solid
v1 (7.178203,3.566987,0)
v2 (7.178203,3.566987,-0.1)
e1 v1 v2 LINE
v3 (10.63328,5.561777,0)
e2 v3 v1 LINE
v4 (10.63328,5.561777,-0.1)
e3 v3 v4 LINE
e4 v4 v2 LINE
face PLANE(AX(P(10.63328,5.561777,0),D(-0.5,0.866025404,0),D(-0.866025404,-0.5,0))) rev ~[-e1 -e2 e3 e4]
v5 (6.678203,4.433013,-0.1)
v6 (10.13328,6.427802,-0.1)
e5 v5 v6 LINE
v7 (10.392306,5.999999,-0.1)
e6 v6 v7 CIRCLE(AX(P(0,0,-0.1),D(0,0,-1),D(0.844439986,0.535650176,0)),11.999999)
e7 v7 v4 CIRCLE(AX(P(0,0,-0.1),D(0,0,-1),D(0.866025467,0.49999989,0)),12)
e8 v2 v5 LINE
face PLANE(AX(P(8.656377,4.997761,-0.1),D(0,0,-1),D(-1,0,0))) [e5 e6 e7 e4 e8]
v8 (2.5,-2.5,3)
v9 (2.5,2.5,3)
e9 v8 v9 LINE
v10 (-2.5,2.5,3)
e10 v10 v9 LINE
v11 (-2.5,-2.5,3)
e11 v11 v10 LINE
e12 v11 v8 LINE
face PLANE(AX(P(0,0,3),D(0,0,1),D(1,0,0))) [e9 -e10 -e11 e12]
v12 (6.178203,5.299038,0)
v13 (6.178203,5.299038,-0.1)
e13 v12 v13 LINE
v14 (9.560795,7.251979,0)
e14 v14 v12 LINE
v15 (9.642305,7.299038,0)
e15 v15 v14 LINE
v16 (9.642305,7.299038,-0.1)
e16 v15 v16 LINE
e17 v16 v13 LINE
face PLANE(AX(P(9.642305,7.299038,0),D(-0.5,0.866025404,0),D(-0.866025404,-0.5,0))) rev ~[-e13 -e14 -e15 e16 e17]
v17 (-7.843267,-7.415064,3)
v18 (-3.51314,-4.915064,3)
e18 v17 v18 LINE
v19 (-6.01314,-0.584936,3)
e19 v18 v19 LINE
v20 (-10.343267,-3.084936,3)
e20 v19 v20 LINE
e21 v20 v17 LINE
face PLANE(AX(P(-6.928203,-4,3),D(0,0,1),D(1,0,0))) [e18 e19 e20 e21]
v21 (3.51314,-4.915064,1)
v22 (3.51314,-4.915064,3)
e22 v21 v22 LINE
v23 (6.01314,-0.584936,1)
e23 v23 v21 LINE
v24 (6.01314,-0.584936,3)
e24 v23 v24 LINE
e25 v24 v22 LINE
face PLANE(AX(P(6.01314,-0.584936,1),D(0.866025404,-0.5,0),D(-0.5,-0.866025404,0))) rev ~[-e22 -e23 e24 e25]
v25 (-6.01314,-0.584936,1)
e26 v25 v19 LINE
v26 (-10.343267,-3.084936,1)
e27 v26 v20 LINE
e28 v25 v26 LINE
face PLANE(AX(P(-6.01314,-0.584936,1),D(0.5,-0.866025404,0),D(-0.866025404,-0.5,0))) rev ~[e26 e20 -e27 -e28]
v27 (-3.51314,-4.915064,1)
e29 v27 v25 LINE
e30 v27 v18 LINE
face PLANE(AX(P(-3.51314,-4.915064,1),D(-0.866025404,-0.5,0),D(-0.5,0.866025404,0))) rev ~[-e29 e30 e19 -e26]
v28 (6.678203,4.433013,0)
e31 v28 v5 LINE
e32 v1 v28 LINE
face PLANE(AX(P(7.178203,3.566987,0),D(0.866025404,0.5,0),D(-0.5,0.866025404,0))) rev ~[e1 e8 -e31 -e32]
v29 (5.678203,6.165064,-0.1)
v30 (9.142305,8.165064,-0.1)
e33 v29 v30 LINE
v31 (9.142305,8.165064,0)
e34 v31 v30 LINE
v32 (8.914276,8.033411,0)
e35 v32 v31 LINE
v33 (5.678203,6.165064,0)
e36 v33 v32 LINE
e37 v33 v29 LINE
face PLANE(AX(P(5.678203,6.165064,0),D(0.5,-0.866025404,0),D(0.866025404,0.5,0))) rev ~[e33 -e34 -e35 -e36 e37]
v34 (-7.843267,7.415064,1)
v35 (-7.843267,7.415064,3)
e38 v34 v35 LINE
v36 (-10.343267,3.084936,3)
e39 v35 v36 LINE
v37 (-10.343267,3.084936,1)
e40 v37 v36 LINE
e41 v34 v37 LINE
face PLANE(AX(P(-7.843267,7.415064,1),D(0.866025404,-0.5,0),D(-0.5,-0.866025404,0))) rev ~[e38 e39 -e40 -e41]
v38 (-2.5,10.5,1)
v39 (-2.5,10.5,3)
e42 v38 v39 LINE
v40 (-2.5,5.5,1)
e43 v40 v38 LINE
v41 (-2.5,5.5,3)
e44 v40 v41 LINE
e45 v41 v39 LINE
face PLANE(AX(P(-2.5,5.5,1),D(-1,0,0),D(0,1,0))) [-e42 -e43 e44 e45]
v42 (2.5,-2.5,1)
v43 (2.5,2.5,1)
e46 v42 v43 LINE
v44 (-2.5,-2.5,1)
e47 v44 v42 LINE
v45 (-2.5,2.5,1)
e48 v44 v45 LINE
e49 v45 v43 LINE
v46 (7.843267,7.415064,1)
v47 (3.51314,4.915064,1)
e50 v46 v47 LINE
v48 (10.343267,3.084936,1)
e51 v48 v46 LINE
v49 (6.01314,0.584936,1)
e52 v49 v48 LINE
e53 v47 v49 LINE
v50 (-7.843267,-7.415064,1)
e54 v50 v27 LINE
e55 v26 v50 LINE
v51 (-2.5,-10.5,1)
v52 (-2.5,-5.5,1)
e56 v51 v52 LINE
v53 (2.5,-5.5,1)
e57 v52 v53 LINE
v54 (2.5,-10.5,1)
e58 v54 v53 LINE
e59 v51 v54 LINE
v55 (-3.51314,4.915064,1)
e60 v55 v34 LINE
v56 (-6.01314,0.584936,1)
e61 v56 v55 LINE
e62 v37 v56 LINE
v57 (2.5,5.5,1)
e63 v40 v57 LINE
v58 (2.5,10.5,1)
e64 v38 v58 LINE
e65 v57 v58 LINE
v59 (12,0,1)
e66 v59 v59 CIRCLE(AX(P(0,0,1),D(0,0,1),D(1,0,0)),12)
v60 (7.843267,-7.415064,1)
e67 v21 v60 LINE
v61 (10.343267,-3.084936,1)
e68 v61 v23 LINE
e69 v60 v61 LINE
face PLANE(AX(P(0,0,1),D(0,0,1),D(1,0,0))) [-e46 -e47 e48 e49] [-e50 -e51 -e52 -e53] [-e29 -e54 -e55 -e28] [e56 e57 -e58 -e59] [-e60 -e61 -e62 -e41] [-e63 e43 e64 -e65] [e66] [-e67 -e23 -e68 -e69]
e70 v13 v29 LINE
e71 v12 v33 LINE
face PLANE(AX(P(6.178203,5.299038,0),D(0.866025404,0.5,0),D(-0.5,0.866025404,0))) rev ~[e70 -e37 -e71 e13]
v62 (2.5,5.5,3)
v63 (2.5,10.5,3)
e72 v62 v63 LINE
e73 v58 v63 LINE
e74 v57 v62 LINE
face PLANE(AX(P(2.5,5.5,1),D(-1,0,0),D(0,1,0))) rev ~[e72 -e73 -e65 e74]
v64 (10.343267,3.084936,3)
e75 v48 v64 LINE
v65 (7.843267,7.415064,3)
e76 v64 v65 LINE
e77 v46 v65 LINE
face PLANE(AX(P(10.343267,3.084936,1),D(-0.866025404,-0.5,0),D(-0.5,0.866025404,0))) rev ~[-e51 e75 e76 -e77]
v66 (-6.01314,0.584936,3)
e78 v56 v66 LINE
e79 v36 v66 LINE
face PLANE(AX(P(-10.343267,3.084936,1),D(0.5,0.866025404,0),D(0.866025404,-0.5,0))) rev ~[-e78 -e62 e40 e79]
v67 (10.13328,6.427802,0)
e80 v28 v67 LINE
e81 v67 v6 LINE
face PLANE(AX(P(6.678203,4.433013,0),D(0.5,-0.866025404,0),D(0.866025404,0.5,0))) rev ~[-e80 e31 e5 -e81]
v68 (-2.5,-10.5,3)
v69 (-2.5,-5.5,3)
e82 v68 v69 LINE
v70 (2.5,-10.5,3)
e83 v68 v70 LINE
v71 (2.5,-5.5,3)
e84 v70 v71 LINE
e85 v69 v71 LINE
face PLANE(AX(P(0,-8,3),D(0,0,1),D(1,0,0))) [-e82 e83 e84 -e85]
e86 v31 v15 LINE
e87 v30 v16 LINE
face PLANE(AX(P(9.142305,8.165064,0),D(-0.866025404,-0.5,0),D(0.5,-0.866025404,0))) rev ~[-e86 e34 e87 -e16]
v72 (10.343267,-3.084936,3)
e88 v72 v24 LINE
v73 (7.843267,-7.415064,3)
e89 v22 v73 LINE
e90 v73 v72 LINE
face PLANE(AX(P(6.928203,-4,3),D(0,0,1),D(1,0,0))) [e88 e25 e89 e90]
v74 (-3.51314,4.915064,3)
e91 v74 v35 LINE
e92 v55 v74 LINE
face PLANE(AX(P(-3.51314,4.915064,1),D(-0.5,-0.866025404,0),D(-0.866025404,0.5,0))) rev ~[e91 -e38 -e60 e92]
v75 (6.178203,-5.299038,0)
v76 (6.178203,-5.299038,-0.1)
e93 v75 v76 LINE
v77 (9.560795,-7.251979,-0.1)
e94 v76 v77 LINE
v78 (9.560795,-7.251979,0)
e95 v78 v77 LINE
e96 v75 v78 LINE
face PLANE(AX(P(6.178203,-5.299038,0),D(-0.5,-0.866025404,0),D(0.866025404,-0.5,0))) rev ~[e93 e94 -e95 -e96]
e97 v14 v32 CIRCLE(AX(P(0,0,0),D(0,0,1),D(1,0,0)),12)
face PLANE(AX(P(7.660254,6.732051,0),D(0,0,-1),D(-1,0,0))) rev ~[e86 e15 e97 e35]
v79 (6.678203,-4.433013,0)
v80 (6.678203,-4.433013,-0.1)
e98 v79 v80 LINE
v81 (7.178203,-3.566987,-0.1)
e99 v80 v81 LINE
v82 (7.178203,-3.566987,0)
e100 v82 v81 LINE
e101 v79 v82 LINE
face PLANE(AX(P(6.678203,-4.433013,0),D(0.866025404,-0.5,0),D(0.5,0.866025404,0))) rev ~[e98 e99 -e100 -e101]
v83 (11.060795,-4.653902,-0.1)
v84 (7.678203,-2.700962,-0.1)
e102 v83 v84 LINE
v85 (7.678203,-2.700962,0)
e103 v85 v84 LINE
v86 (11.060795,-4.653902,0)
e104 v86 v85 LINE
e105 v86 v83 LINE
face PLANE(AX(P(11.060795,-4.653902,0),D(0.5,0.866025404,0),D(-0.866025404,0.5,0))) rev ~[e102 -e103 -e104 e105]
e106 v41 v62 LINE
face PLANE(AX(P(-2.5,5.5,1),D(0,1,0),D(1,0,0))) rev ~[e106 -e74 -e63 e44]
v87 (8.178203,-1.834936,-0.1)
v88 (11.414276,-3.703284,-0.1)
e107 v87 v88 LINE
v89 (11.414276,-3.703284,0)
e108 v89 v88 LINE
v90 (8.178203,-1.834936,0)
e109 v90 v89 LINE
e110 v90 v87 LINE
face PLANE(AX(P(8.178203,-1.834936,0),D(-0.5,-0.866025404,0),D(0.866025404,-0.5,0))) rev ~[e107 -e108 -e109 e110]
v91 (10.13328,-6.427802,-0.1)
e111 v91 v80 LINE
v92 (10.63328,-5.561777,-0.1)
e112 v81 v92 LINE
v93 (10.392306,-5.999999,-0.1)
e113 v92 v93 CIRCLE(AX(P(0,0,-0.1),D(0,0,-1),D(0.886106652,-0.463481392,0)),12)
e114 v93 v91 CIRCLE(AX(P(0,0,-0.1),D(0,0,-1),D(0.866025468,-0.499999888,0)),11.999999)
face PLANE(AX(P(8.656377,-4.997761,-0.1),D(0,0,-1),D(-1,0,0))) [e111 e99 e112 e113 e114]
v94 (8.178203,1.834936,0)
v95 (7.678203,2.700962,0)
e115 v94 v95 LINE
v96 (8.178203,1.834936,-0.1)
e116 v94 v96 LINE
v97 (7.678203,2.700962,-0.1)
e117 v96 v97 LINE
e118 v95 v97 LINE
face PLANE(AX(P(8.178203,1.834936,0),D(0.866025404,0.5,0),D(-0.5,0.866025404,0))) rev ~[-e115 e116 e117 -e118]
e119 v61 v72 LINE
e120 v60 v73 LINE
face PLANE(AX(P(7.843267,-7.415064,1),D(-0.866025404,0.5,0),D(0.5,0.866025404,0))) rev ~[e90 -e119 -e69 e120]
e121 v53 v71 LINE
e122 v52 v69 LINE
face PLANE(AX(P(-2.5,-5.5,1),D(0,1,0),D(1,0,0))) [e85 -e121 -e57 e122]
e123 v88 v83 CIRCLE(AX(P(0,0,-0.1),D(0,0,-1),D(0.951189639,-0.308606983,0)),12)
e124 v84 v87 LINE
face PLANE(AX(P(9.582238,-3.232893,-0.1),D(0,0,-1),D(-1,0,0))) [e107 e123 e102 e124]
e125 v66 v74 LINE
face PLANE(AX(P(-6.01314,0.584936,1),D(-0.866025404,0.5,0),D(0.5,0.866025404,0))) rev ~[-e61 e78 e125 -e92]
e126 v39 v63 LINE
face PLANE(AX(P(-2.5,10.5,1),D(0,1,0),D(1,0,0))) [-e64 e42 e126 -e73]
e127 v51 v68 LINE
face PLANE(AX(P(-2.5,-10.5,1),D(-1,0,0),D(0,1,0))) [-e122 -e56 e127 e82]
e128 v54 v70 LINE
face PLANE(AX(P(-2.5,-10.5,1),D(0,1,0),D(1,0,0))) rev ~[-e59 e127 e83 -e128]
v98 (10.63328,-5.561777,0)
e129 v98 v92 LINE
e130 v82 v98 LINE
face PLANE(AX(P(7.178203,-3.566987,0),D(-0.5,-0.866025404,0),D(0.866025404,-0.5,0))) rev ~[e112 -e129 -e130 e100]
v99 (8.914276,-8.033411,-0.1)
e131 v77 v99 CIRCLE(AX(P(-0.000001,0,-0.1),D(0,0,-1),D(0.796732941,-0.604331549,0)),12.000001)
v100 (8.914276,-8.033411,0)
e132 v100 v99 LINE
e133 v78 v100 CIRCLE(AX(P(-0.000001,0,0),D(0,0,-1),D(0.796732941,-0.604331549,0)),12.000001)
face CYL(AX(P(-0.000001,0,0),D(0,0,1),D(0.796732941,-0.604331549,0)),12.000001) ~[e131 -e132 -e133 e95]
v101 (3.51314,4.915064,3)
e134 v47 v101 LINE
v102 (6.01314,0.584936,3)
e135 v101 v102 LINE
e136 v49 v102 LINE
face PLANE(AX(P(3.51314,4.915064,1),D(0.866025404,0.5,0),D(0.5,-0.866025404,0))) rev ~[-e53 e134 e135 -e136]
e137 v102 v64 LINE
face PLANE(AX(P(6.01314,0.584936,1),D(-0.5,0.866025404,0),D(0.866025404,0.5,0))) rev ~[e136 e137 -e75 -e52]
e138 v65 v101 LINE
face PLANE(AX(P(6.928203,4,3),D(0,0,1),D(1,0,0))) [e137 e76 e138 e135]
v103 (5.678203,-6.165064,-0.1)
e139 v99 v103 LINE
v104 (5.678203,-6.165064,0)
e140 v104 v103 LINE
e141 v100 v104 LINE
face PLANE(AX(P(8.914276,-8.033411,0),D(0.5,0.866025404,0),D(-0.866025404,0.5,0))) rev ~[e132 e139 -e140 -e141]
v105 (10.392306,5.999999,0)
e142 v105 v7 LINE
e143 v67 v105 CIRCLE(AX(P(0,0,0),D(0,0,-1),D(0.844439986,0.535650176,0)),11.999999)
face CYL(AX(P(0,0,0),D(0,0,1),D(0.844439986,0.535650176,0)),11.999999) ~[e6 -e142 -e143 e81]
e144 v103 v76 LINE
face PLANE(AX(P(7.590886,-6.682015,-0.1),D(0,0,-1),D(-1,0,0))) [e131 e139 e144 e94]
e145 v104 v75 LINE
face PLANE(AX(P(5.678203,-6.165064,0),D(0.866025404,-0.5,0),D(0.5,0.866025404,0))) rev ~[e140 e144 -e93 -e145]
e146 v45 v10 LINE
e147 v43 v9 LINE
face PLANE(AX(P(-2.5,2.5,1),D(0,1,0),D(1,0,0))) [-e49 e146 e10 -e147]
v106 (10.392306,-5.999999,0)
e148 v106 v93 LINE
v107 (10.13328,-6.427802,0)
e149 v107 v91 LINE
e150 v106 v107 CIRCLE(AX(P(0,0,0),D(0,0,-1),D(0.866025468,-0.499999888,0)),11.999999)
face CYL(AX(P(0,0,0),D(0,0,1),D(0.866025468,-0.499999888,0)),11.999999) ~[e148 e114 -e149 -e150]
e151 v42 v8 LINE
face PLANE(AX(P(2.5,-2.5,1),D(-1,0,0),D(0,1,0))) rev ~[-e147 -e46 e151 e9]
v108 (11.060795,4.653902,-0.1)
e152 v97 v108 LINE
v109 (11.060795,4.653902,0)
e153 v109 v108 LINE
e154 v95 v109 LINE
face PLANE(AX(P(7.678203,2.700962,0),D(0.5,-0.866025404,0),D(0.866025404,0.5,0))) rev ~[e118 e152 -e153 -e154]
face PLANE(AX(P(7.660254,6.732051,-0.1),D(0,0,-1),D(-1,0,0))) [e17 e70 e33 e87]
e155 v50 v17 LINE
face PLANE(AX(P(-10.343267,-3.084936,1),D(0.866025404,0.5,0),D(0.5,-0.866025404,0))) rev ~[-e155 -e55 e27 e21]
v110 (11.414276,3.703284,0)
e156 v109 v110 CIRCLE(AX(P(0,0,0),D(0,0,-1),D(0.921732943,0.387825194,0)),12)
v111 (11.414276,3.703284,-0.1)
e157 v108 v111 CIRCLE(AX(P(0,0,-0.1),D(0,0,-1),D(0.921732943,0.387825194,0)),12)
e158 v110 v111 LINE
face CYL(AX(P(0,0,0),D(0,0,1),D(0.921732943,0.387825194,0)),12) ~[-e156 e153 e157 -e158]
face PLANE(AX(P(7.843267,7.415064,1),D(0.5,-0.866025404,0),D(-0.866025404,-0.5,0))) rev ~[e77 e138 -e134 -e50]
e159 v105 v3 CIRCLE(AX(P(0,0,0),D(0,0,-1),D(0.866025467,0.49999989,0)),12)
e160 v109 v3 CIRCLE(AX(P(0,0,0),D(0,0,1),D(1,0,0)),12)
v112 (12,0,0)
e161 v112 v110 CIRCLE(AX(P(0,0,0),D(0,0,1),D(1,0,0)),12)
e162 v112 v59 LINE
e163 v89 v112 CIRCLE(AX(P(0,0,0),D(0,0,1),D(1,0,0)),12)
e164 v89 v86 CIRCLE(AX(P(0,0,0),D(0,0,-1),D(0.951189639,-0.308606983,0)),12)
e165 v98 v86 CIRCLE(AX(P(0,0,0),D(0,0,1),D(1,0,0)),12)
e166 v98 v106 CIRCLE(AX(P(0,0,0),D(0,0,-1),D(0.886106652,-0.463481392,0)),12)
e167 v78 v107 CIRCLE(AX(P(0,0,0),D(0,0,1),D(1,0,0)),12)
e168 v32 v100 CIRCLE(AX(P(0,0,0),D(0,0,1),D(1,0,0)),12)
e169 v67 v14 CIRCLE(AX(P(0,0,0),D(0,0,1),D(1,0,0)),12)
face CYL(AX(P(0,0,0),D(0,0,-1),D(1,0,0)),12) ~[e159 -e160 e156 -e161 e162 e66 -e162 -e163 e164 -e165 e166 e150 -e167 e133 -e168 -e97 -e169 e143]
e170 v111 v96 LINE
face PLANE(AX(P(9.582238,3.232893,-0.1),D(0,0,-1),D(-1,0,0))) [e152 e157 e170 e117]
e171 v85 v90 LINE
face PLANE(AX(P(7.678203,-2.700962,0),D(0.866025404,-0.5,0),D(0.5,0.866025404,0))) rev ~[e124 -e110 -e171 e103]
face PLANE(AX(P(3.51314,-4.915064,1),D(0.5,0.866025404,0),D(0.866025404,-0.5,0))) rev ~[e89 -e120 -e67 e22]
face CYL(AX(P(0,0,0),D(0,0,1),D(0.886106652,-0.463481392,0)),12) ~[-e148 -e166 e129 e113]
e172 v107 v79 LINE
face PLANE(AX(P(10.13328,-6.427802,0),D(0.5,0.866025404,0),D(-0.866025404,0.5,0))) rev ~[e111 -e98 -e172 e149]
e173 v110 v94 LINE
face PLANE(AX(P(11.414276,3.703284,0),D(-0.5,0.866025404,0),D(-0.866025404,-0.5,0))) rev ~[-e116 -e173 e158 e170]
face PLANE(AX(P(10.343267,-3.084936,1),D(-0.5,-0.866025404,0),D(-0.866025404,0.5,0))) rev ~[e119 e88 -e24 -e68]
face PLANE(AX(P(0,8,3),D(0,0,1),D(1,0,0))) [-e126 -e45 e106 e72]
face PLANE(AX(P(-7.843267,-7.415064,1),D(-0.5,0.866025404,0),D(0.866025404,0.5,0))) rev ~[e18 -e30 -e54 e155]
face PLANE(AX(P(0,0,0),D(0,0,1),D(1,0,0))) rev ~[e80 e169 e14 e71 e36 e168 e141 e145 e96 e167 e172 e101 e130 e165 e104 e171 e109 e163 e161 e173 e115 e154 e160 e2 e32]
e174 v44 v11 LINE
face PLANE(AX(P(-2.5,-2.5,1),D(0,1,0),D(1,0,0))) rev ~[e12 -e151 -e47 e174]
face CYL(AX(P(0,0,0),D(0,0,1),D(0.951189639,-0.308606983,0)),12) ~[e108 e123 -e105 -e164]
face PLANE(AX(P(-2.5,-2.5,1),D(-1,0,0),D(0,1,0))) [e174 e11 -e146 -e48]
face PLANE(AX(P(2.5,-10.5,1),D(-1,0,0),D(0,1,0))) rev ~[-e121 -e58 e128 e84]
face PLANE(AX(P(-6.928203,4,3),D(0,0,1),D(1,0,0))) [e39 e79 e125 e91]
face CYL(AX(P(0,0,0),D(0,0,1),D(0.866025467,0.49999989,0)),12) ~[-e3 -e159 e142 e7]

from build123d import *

# Parameters (mm, degrees)
CROQUIS1_R              = 12
SALIENTE_EXTRUIR1_DEPTH = 1
CROQUIS2_W              = 5
CROQUIS2_H              = 5
SALIENTE_EXTRUIR2_DEPTH = 2
SALIENTE_EXTRUIR3_DEPTH = 0.1


with BuildPart() as part:
    # Croquis1 → Saliente-Extruir1 (new body)
    with BuildSketch(Plane.XY):
        Circle(CROQUIS1_R)
    extrude(amount=SALIENTE_EXTRUIR1_DEPTH)

    # Croquis2 → Saliente-Extruir2 (add)
    with BuildSketch(Plane.XY.offset(1)):
        Rectangle(CROQUIS2_W, CROQUIS2_H)
        with Locations((0, -8)):
            Rectangle(CROQUIS2_W, CROQUIS2_H)
        with Locations((0, 8)):
            Rectangle(CROQUIS2_W, CROQUIS2_H)
        Polygon((-7.84326674, 7.415063509), (-10.34326674, 3.084936491), (-6.013139721, 0.584936491), (-3.513139721, 4.915063509), align=None)
        Polygon((-6.013139721, -0.584936491), (-10.34326674, -3.084936491), (-7.84326674, -7.415063509), (-3.513139721, -4.915063509), align=None)
        Polygon((6.013139721, -0.584936491), (3.513139721, -4.915063509), (7.84326674, -7.415063509), (10.34326674, -3.084936491), align=None)
        Polygon((7.84326674, 7.415063509), (3.513139721, 4.915063509), (6.013139721, 0.584936491), (10.34326674, 3.084936491), align=None)
    extrude(amount=SALIENTE_EXTRUIR2_DEPTH)

    # Croquis3 → Saliente-Extruir3 (add)
    with BuildSketch(Plane(origin=(0, 0, 0), x_dir=(-1, 0, 0), z_dir=(0, 0, -1))):
        with BuildLine():
            ThreePointArc((-9.560795314, -7.251978556), (-9.245794779, -7.649528018), (-8.914275675, -8.033410807))
            Line((-8.914275675, -8.033410807), (-5.67820323, -6.165063509))
            Line((-5.67820323, -6.165063509), (-6.17820323, -5.299038106))
            Line((-6.17820323, -5.299038106), (-9.560795314, -7.251978556))
        make_face()
        with BuildLine():
            Line((-7.17820323, -3.566987298), (-10.633279829, -5.561776702))
            ThreePointArc((-10.633279829, -5.561776702), (-10.515075861, -5.78214317), (-10.392305608, -5.999998679))
            ThreePointArc((-10.392305608, -5.999998679), (-10.265021594, -6.215249929), (-10.133279829, -6.427802106))
            Line((-10.133279829, -6.427802106), (-6.67820323, -4.433012702))
            Line((-6.67820323, -4.433012702), (-7.17820323, -3.566987298))
        make_face()
        with BuildLine():
            Line((-8.17820323, -1.834936491), (-11.414275675, -3.703283788))
            ThreePointArc((-11.414275675, -3.703283788), (-11.24758298, -4.182329148), (-11.060795314, -4.653902344))
            Line((-11.060795314, -4.653902344), (-7.67820323, -2.700961894))
            Line((-7.67820323, -2.700961894), (-8.17820323, -1.834936491))
        make_face()
        with BuildLine():
            Line((-7.67820323, 2.700961894), (-11.060795314, 4.653902344))
            ThreePointArc((-11.060795314, 4.653902344), (-11.24758298, 4.182329148), (-11.414275675, 3.703283788))
            Line((-11.414275675, 3.703283788), (-8.17820323, 1.834936491))
            Line((-8.17820323, 1.834936491), (-7.67820323, 2.700961894))
        make_face()
        with BuildLine():
            ThreePointArc((-10.133279829, 6.427802106), (-10.265021594, 6.215249929), (-10.392305608, 5.999998679))
            ThreePointArc((-10.392305608, 5.999998679), (-10.515075861, 5.78214317), (-10.633279829, 5.561776702))
            Line((-10.633279829, 5.561776702), (-7.17820323, 3.566987298))
            Line((-7.17820323, 3.566987298), (-6.67820323, 4.433012702))
            Line((-6.67820323, 4.433012702), (-10.133279829, 6.427802106))
        make_face()
        Polygon((-9.642304845, 7.299038106), (-6.17820323, 5.299038106), (-5.67820323, 6.165063509), (-9.142304845, 8.165063509), align=None)
    extrude(amount=SALIENTE_EXTRUIR3_DEPTH)


solid = part.part
